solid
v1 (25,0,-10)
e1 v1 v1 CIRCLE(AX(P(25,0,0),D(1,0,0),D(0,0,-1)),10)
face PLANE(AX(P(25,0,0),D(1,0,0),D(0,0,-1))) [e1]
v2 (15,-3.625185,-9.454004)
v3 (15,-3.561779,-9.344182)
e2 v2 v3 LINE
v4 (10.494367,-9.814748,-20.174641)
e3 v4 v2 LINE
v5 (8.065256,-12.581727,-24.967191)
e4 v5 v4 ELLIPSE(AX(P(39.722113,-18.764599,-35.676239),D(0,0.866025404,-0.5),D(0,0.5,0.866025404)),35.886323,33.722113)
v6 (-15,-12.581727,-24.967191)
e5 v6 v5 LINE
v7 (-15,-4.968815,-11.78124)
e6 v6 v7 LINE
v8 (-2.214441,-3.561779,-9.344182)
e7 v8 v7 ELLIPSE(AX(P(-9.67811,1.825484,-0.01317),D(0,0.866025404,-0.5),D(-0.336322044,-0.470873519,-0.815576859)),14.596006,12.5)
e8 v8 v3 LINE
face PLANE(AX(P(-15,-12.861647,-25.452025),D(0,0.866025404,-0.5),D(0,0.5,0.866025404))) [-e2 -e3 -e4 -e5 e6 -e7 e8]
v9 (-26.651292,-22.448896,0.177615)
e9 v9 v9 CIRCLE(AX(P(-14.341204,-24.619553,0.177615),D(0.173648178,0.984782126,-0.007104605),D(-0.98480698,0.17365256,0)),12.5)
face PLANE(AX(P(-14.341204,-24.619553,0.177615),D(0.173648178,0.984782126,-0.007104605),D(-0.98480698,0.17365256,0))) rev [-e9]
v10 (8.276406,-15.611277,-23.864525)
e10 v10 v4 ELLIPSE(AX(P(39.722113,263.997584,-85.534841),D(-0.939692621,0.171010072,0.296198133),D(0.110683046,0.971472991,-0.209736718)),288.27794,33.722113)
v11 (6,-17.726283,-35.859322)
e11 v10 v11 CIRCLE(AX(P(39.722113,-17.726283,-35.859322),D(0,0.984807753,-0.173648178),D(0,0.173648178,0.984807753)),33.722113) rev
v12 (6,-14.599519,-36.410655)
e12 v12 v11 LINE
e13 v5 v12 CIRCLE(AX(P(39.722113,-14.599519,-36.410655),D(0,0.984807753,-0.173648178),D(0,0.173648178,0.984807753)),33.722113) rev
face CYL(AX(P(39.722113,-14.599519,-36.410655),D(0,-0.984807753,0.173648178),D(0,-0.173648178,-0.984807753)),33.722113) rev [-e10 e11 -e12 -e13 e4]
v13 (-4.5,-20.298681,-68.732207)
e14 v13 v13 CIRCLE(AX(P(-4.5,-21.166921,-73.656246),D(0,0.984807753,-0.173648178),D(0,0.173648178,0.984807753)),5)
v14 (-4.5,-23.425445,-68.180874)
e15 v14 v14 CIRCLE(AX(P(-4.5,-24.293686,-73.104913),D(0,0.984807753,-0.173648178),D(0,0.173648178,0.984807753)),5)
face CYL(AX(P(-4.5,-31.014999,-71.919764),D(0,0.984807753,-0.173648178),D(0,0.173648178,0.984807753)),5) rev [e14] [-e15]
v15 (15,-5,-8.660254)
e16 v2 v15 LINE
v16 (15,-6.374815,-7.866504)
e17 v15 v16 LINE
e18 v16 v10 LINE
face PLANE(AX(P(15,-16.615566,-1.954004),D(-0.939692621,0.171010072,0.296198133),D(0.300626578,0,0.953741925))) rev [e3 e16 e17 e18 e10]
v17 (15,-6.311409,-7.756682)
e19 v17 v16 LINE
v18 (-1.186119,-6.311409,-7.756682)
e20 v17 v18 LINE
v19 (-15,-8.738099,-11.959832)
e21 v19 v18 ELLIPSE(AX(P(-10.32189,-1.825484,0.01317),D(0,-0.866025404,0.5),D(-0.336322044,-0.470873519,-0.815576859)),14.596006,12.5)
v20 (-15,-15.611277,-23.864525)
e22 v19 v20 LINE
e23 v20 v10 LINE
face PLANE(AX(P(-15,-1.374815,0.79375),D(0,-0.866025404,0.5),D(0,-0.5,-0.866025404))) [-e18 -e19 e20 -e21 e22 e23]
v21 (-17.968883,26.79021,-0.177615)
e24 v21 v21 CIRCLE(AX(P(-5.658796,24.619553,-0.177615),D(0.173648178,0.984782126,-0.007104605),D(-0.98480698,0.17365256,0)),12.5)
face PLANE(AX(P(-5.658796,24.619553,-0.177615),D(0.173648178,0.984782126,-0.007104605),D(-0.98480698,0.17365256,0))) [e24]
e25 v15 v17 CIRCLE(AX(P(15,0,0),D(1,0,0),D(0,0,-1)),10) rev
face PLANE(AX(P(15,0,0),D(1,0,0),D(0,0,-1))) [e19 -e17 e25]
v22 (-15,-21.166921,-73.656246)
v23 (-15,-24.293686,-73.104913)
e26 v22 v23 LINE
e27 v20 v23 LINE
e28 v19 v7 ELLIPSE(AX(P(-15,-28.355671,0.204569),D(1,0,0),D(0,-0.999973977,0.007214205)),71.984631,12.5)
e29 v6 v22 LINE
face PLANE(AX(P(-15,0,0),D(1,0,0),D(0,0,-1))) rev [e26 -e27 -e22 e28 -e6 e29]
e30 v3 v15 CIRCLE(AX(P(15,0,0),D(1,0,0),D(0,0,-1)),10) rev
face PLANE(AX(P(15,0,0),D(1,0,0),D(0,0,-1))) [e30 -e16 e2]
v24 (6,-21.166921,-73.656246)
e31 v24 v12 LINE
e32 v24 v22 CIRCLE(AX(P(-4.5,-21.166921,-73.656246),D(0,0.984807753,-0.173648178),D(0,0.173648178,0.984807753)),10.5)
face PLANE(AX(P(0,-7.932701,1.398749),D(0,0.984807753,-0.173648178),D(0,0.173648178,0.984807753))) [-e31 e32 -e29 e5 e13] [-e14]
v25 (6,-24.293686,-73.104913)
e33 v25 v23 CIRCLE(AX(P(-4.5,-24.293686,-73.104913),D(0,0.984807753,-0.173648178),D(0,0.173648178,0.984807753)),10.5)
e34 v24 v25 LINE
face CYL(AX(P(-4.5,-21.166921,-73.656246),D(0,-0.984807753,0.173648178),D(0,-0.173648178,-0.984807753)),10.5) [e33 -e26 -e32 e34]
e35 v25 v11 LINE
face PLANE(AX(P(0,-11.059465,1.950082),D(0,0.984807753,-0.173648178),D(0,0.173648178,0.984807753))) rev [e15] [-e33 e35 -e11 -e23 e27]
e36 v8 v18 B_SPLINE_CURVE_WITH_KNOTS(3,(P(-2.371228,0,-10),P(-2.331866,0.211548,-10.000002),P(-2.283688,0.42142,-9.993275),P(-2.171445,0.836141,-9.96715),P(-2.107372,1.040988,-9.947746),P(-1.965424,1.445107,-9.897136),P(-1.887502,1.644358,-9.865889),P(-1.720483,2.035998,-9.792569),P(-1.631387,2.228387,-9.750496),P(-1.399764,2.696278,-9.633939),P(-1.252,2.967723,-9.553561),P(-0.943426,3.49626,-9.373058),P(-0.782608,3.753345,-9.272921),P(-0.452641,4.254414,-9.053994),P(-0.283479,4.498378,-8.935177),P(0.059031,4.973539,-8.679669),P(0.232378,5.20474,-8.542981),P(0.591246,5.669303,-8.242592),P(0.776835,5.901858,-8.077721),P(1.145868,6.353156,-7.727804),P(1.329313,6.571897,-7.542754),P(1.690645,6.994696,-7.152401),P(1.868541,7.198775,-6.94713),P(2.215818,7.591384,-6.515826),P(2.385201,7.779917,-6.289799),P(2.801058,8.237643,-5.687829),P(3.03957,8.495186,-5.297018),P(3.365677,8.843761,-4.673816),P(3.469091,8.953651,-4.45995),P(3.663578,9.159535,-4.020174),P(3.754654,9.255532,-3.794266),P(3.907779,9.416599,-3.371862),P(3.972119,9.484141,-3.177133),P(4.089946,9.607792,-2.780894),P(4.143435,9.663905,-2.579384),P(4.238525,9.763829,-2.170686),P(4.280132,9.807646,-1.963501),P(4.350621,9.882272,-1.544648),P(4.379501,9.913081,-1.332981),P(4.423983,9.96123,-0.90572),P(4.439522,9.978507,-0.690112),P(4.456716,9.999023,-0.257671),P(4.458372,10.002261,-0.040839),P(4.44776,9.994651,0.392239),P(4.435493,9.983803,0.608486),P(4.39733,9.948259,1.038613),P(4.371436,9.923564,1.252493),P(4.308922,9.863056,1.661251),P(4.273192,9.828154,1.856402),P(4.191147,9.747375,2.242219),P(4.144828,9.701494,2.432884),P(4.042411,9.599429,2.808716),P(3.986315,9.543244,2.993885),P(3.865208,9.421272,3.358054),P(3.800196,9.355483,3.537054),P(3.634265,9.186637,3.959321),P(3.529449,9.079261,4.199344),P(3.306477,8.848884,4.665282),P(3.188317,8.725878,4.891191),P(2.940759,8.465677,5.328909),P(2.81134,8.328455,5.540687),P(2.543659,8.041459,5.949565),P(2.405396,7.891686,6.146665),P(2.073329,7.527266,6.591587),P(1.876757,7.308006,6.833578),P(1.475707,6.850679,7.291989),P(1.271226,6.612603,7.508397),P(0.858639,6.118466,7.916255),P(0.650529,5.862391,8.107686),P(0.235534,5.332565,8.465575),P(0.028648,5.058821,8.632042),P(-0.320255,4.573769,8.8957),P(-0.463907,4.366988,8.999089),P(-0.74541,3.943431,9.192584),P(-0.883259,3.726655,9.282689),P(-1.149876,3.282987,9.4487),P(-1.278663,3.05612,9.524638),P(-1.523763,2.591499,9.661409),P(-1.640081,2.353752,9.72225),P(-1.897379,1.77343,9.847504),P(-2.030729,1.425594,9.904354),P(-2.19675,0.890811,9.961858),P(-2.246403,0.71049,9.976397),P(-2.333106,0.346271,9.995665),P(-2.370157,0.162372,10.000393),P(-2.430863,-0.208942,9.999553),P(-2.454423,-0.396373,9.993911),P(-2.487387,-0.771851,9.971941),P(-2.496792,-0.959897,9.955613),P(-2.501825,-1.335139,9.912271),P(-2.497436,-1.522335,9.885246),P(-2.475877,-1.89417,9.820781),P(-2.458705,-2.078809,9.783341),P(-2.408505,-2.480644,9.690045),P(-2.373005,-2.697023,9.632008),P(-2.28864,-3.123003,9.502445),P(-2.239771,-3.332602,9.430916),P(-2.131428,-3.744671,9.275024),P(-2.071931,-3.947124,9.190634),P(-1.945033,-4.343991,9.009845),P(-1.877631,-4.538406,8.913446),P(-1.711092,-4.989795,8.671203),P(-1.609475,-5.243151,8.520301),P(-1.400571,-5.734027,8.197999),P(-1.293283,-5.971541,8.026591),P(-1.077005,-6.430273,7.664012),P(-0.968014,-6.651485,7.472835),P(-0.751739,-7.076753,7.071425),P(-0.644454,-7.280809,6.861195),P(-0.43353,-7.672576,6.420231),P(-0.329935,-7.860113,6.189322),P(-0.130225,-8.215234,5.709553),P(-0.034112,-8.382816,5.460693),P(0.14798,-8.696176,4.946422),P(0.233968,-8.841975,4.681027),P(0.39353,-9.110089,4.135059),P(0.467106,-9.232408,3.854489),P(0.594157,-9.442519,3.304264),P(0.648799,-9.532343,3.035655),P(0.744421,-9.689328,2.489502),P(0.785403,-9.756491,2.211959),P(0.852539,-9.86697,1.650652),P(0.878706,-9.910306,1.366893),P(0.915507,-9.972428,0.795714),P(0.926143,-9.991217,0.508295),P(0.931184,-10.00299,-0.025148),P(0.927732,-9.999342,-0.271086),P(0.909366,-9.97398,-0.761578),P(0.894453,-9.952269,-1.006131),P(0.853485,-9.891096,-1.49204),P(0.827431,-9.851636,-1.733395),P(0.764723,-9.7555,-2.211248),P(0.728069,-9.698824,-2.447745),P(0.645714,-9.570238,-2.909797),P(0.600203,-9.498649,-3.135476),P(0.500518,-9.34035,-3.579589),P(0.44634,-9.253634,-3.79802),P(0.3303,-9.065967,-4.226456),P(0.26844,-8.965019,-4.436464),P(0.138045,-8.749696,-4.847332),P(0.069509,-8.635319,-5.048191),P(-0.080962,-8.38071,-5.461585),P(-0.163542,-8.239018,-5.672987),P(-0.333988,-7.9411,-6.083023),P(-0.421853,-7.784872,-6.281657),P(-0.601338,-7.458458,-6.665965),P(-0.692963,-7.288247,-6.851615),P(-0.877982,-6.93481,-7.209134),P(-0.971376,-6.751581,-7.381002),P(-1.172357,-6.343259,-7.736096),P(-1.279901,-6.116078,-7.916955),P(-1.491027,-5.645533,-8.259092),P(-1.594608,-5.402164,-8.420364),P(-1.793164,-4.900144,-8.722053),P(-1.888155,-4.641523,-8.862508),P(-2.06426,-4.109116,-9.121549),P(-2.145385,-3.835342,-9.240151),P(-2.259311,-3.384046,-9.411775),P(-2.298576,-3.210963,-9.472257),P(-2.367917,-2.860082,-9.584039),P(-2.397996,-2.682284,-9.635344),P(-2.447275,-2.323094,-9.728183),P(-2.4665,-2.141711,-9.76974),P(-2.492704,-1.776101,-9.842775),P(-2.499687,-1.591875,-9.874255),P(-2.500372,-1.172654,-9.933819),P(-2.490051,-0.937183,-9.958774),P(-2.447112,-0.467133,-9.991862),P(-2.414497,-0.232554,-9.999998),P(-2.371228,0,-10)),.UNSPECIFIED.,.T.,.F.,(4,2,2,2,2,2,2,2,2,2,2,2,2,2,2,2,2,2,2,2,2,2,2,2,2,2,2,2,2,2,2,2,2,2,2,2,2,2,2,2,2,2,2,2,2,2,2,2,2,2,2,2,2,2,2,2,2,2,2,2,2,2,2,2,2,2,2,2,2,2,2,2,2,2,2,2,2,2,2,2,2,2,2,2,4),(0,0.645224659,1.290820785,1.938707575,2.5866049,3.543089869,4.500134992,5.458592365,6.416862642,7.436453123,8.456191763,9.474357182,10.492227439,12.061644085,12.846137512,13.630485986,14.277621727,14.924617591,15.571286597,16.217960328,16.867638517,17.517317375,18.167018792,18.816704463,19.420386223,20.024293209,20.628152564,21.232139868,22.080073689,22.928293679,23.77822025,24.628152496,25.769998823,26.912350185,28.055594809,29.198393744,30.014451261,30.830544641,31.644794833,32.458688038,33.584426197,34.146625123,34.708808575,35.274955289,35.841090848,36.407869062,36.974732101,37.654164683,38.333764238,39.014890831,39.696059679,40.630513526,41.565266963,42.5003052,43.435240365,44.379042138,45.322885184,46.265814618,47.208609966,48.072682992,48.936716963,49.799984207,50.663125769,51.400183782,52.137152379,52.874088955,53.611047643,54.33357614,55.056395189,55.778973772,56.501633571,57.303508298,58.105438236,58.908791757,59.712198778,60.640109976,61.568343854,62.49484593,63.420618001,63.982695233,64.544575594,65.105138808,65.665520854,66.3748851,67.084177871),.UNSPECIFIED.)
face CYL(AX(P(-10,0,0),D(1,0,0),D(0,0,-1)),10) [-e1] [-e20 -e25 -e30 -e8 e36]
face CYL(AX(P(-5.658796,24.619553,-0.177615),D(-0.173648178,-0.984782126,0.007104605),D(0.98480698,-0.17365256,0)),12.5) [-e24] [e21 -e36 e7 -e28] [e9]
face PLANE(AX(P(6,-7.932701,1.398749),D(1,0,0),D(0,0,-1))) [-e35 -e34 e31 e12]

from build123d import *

# Parameters (mm, degrees)
BOSS_EXTRUDE1_DEPTH      = 25
BOSS_EXTRUDE1_DEPTH_BACK = 10
SKETCH1_R                = 10
SKETCH2_R                = 12.5
BOSS_EXTRUDE2_DEPTH      = 25
BOSS_EXTRUDE3_DEPTH      = 15
BOSS_EXTRUDE3_DEPTH_BACK = 15
CUT_EXTRUDE1_DEPTH       = 15
BOSS_EXTRUDE4_DEPTH      = 3.175
CUT_EXTRUDE2_DEPTH       = 96.96083651
CUT_EXTRUDE2_DEPTH_BACK  = 96.96083651
SKETCH10_R               = 5
CUT_EXTRUDE3_DEPTH       = 10


with BuildPart() as part:
    # Sketch1 → Boss-Extrude1 (new, two sides: drawn at the far end of the back side and taken through both)
    with BuildSketch(Plane(origin=(0, 0, 0), x_dir=(0, 0, -1), z_dir=(1, 0, 0)).offset(-BOSS_EXTRUDE1_DEPTH_BACK)):
        Circle(SKETCH1_R)
    extrude(amount=BOSS_EXTRUDE1_DEPTH + BOSS_EXTRUDE1_DEPTH_BACK)

    # Sketch2 → Boss-Extrude2 (add, symmetric)
    with BuildSketch(Plane(origin=(-10, 0, 0), x_dir=(0.9848069802426886, -0.173652560203633, 1.5808464272800858e-08), z_dir=(0.17364817766692736, 0.9847821256419462, -0.007104604780387524))):
        Circle(SKETCH2_R)
    extrude(amount=BOSS_EXTRUDE2_DEPTH, both=True)

    # Sketch5 → Boss-Extrude3 (add, two sides: drawn at the far end of the back side and taken through both)
    with BuildSketch(Plane(origin=(0, 0, 0), x_dir=(0, 0, -1), z_dir=(1, 0, 0)).offset(-BOSS_EXTRUDE3_DEPTH_BACK)):
        Polygon((0.79375, 1.374815329), (-0.79375, -1.374815329), (23.864525326, -15.611277226), (25.452025326, -12.861646569), align=None)
    extrude(amount=BOSS_EXTRUDE3_DEPTH + BOSS_EXTRUDE3_DEPTH_BACK)

    # Sketch6 → Cut-Extrude1 (cut)
    with BuildSketch(Plane(origin=(0, 1.374815329, -0.79375), x_dir=(1, 0, 0), z_dir=(0, 0.8660254037844419, -0.49999999999999434))):
        Polygon((15, 28.472923795), (15, 10), (8.276405599, 28.472923795), align=None)
    extrude(amount=-CUT_EXTRUDE1_DEPTH, mode=Mode.SUBTRACT)

    # Sketch8 → Boss-Extrude4 (add)
    with BuildSketch(Plane(origin=(0, -11.059465432, 1.950082148), x_dir=(1, 0, 0), z_dir=(0, 0.9848077530122095, -0.17364817766692275))):
        with BuildLine():
            Line((-15, 26.212839405), (8.276405599, 26.212839405))
            ThreePointArc((8.276405599, 26.212839405), (6.573986329, 32.197305321), (6, 38.392674831))
            Line((6, 38.392674831), (6, 76.212839405))
            ThreePointArc((6, 76.212839405), (-4.5, 86.712839405), (-15, 76.212839405))
            Line((-15, 76.212839405), (-15, 26.212839405))
        make_face()
    extrude(amount=BOSS_EXTRUDE4_DEPTH)

    # Sketch9 → Cut-Extrude2 (cut, two sides: drawn at the far end of the back side and taken through both)
    with BuildSketch(Plane(origin=(0, -7.932700816, 1.398749184), x_dir=(1, 0, 0), z_dir=(0, 0.9848077530122094, -0.173648177666923)).offset(-CUT_EXTRUDE2_DEPTH_BACK)):
        with BuildLine():
            Line((10.969458516, 56.012713561), (13.826274408, 16.792062616))
            ThreePointArc((13.826274408, 16.792062616), (6.0891037, 35.942860434), (10.969458516, 56.012713561))
        make_face()
    extrude(amount=CUT_EXTRUDE2_DEPTH + CUT_EXTRUDE2_DEPTH_BACK, mode=Mode.SUBTRACT)

    # Sketch10 → Cut-Extrude3 (cut)
    with BuildSketch(Plane(origin=(0, -7.932700816, 1.398749184), x_dir=(1, 0, 0), z_dir=(0, 0.9848077530122094, -0.17364817766692284))):
        with Locations((-4.5, 76.212839405)):
            Circle(SKETCH10_R)
    extrude(amount=-CUT_EXTRUDE3_DEPTH, mode=Mode.SUBTRACT)


solid = part.part
